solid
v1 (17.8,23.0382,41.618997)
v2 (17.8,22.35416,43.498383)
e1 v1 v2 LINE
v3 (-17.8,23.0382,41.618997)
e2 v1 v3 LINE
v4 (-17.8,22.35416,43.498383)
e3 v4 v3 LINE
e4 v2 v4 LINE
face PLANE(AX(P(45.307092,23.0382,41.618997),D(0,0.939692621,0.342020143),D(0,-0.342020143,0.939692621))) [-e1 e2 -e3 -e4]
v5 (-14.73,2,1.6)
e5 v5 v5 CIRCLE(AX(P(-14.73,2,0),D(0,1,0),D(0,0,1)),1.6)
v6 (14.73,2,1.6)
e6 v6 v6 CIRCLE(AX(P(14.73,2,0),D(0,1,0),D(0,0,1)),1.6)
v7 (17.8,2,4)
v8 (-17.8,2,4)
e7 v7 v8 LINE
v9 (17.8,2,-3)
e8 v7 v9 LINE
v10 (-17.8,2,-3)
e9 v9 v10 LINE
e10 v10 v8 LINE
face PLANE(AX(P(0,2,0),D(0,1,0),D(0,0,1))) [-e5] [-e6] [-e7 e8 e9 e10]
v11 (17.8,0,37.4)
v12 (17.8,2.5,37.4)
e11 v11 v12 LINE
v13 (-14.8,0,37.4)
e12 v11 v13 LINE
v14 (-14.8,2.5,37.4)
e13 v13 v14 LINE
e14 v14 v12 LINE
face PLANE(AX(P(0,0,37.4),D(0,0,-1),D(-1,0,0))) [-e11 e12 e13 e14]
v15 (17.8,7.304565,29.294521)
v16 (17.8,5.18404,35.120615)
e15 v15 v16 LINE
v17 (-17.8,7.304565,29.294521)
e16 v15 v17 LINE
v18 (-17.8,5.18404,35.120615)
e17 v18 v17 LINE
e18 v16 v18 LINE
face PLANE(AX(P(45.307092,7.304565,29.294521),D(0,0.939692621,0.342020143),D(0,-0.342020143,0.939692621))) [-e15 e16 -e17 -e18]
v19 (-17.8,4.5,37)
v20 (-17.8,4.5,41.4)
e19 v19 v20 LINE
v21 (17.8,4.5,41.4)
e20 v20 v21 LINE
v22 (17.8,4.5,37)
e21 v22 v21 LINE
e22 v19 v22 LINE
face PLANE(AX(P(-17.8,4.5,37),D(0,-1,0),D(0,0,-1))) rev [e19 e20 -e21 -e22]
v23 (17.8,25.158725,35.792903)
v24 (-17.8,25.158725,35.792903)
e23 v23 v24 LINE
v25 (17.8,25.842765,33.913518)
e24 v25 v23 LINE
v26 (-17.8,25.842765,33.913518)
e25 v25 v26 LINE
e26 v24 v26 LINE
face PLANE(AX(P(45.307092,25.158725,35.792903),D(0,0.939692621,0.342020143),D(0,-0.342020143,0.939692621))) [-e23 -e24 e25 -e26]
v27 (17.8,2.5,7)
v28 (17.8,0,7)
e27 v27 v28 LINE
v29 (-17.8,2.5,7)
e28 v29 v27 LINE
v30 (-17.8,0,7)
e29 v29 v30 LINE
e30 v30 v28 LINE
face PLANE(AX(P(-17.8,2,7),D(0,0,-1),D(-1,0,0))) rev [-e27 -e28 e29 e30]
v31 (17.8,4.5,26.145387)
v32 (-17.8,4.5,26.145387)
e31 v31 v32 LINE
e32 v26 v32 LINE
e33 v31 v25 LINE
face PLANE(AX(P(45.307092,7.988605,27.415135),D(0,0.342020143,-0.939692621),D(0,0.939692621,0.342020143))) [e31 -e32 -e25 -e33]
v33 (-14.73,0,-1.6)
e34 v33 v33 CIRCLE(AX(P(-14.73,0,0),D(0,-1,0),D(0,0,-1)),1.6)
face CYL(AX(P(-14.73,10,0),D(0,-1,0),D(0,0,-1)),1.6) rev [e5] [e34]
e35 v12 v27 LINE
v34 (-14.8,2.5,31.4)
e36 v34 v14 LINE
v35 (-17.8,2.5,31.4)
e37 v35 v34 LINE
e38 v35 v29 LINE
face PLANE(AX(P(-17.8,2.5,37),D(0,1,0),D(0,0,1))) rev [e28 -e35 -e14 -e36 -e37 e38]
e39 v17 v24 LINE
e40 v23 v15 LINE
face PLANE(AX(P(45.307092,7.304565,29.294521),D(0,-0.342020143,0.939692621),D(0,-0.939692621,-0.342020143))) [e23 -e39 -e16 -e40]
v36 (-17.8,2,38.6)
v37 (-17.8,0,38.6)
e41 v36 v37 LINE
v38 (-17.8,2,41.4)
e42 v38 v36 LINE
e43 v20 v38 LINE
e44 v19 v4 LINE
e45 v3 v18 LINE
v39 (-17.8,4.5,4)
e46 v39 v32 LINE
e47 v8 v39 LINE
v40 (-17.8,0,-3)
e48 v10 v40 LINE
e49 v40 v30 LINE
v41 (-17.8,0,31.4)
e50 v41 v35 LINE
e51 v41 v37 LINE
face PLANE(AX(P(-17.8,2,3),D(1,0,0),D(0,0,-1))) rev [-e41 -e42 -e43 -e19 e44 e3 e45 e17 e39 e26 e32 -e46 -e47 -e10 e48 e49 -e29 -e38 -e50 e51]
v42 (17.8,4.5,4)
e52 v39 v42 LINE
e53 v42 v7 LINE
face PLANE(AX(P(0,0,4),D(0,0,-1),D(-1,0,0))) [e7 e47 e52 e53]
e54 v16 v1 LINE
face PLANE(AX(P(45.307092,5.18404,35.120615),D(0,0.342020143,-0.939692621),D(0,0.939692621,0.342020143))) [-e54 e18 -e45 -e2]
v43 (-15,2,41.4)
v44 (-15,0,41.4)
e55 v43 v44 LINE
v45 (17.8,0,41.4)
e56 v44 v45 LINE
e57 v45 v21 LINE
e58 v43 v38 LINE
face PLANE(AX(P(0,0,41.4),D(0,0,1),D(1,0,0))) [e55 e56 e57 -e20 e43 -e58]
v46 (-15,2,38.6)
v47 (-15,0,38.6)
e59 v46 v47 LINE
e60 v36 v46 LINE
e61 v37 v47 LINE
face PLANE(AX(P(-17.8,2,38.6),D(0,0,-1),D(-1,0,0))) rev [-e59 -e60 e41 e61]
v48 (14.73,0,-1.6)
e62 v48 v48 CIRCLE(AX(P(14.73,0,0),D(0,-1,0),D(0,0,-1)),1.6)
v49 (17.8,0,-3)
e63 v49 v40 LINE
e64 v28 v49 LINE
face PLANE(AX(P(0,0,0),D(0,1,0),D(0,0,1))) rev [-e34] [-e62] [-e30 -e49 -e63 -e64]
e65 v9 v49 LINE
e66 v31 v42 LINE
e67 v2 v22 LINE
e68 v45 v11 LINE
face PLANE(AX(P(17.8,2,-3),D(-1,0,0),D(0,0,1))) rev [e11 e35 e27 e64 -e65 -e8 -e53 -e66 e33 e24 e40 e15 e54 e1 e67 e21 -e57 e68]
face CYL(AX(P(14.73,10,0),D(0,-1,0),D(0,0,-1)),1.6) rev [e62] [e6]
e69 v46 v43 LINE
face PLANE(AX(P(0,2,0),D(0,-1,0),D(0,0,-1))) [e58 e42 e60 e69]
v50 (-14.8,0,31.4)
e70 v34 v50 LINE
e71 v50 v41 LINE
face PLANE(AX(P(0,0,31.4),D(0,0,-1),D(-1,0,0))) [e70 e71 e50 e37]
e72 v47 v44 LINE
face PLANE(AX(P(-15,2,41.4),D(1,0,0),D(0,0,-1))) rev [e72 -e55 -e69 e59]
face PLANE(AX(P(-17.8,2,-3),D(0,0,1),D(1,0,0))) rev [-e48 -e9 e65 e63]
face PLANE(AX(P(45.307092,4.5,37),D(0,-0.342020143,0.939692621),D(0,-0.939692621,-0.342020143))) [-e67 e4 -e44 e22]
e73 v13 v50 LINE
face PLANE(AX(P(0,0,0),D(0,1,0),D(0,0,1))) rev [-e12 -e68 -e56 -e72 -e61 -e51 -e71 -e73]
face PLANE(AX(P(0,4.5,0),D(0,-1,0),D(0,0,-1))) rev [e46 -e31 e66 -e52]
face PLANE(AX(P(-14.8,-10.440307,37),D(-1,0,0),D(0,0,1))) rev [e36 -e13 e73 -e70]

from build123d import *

# Parameters (mm, degrees)
SKETCH1_R           = 1.4
BOSS_EXTRUDE1_DEPTH = 2
SKETCH2_W           = 35.6
SKETCH2_H           = 4
BOSS_EXTRUDE2_DEPTH = 2.5
SKETCH3_W           = 35.6
SKETCH3_H           = 2
BOSS_EXTRUDE3_DEPTH = 30
SKETCH4_W           = 3
SKETCH4_H           = 10
BOSS_EXTRUDE4_DEPTH = 2.5
SKETCH5_W           = 35.6
SKETCH5_H           = 2
BOSS_EXTRUDE5_DEPTH = 20
SKETCH6_W           = 29.6
SKETCH6_H           = 4
BOSS_EXTRUDE6_DEPTH = 2.5
SKETCH7_W           = 35.6
SKETCH7_H           = 24.5
BOSS_EXTRUDE7_DEPTH = 4.4
SKETCH8_W           = 29.6
SKETCH8_H           = 2.5
CUT_EXTRUDE1_DEPTH  = 4.4
SKETCH9_W           = 3
SKETCH9_H           = 2.5
CUT_EXTRUDE2_DEPTH  = 4.4
SKETCH10_W          = 35.6
SKETCH10_H          = 20
CUT_EXTRUDE3_DEPTH  = 4.4
SKETCH11_R          = 1.6
CUT_EXTRUDE4_DEPTH  = 10
SKETCH12_W          = 35.6
SKETCH12_H          = 2.5
CUT_EXTRUDE5_DEPTH  = 1
SKETCH13_W          = 35.6
SKETCH13_H          = 10.25
CUT_EXTRUDE6_DEPTH  = 1
SKETCH14_W          = 35.6
SKETCH14_H          = 19
BOSS_EXTRUDE8_DEPTH = 0.05
BOSS_EXTRUDE9_DEPTH = 35.6
SKETCH16_W          = 35.6
SKETCH16_H          = 16.293178749
CUT_EXTRUDE7_DEPTH  = 29
CUT_EXTRUDE8_DEPTH  = 6.2
SKETCH19_W          = 6
SKETCH19_H          = 2.5
CUT_EXTRUDE9_DEPTH  = 29
SKETCH20_W          = 2.8
SKETCH20_H          = 2.8
CUT_EXTRUDE10_DEPTH = 2


with BuildPart() as part:
    # Sketch1 → Boss-Extrude1 (new body)
    with BuildSketch(Plane(origin=(0, 0, 0), x_dir=(1, 0, 0), z_dir=(0, 1, 0))):
        Polygon((-17.8, 3), (17.8, 3), (17.8, -3), (17.8, -7), (-17.8, -7), (-17.8, -3), align=None)
        with Locations(Location((-14.73, 0, 0), (0, 0, 270))):
            Circle(SKETCH1_R, mode=Mode.SUBTRACT)
        with Locations(Location((14.73, 0, 0), (0, 0, 270))):
            Circle(SKETCH1_R, mode=Mode.SUBTRACT)
    extrude(amount=BOSS_EXTRUDE1_DEPTH)

    # Sketch2 → Boss-Extrude2 (add)
    with BuildSketch(Plane(origin=(0, 2, 0), x_dir=(1, 0, 0), z_dir=(0, 1, 0))):
        with Locations((0, -5)):
            Rectangle(SKETCH2_W, SKETCH2_H)
    extrude(amount=BOSS_EXTRUDE2_DEPTH)

    # Sketch3 → Boss-Extrude3 (add)
    with BuildSketch(Plane.XY.offset(7)):
        with Locations((0, 3.5)):
            Rectangle(SKETCH3_W, SKETCH3_H)
    extrude(amount=BOSS_EXTRUDE3_DEPTH)

    # Sketch4 → Boss-Extrude4 (add)
    with BuildSketch(Plane.XZ.offset(-2.5)):
        with Locations((-16.3, 32)):
            Rectangle(SKETCH4_W, SKETCH4_H)
        with Locations((16.3, 32)):
            Rectangle(SKETCH4_W, SKETCH4_H)
    extrude(amount=BOSS_EXTRUDE4_DEPTH)

    # Sketch5 → Boss-Extrude5 (add)
    with BuildSketch(Plane(origin=(0, 4.5, 0), x_dir=(1, 0, 0), z_dir=(0, 1, 0))):
        with Locations((0, -36)):
            Rectangle(SKETCH5_W, SKETCH5_H)
        with Locations((0, -27.75)):
            Rectangle(SKETCH5_W, SKETCH5_H)
    extrude(amount=BOSS_EXTRUDE5_DEPTH)

    # Sketch6 → Boss-Extrude6 (add)
    with BuildSketch(Plane.XZ.offset(-2.5)):
        with Locations((0, 35)):
            Rectangle(SKETCH6_W, SKETCH6_H)
    extrude(amount=BOSS_EXTRUDE6_DEPTH)

    # Sketch7 → Boss-Extrude7 (add)
    with BuildSketch(Plane.XY.offset(37)):
        with Locations((0, 12.25)):
            Rectangle(SKETCH7_W, SKETCH7_H)
    extrude(amount=BOSS_EXTRUDE7_DEPTH)

    # Sketch8 → Cut-Extrude1 (cut)
    with BuildSketch(Plane(origin=(0, 0, 33), x_dir=(-1, 0, 0), z_dir=(0, 0, -1))):
        with Locations((0, 1.25)):
            Rectangle(SKETCH8_W, SKETCH8_H)
    extrude(amount=-CUT_EXTRUDE1_DEPTH, mode=Mode.SUBTRACT)

    # Sketch9 → Cut-Extrude2 (cut)
    with BuildSketch(Plane(origin=(0, 0, 27), x_dir=(-1, 0, 0), z_dir=(0, 0, -1))):
        with Locations((-16.3, 1.25)):
            Rectangle(SKETCH9_W, SKETCH9_H)
        with Locations((16.3, 1.25)):
            Rectangle(SKETCH9_W, SKETCH9_H)
    extrude(amount=-CUT_EXTRUDE2_DEPTH, mode=Mode.SUBTRACT)

    # Sketch10 → Cut-Extrude3 (cut)
    with BuildSketch(Plane.XY.offset(41.4)):
        with Locations((0, 14.5)):
            Rectangle(SKETCH10_W, SKETCH10_H)
    extrude(amount=-CUT_EXTRUDE3_DEPTH, mode=Mode.SUBTRACT)

    # Sketch11 → Cut-Extrude4 (cut)
    with BuildSketch(Plane.XZ):
        with Locations(Location((-14.73, 0, 0), (0, 0, 270))):
            Circle(SKETCH11_R)
        with Locations(Location((14.73, 0, 0), (0, 0, 270))):
            Circle(SKETCH11_R)
    extrude(amount=-CUT_EXTRUDE4_DEPTH, mode=Mode.SUBTRACT)

    # Sketch12 → Cut-Extrude5 (cut)
    with BuildSketch(Plane(origin=(0, 0, 3), x_dir=(-1, 0, 0), z_dir=(0, 0, -1))):
        with Locations((0, 3.25)):
            Rectangle(SKETCH12_W, SKETCH12_H)
    extrude(amount=-CUT_EXTRUDE5_DEPTH, mode=Mode.SUBTRACT)

    # Sketch13 → Cut-Extrude6 (cut)
    with BuildSketch(Plane(origin=(0, 24.5, 0), x_dir=(1, 0, 0), z_dir=(0, 1, 0))):
        with Locations((0, -31.875)):
            Rectangle(SKETCH13_W, SKETCH13_H)
    extrude(amount=-CUT_EXTRUDE6_DEPTH, mode=Mode.SUBTRACT)

    # Sketch14 → Boss-Extrude8 (add)
    with BuildSketch(Plane.XY.offset(28.75)):
        with Locations((0, 14)):
            Rectangle(SKETCH14_W, SKETCH14_H)
    extrude(amount=BOSS_EXTRUDE8_DEPTH)

    # Sketch15 → Boss-Extrude9 (add)
    with BuildSketch(Plane.ZY.offset(17.8)):
        Polygon((35.120614758, 5.184040287), (41.618997482, 23.038200082), (43.498382723, 22.354159795), (37, 4.5), (34.871644455, 4.5), (26.145386721, 4.5), (27.415135268, 7.988605462), (33.913517991, 25.842765257), (35.792903233, 25.15872497), (29.29452051, 7.304565175), align=None)
    extrude(amount=-BOSS_EXTRUDE9_DEPTH)

    # Sketch16 → Cut-Extrude7 (cut)
    with BuildSketch(Plane(origin=(0, -7.876565314, 21.640685344), x_dir=(-1, 0, 0), z_dir=(0, 0.34202014332566366, -0.9396926207859103))):
        with Locations((0, 23.085226048)):
            Rectangle(SKETCH16_W, SKETCH16_H)
    extrude(amount=CUT_EXTRUDE7_DEPTH, mode=Mode.SUBTRACT)


with BuildPart() as body_2:
    # of the pieces the cut leaves, the one that is kept (cut_extrude7_keep)
    add(part.part.solids().sort_by_distance((-17.8, 0, -3))[0])

    # Sketch17 → Cut-Extrude8 (cut)
    with BuildSketch(Plane(origin=(0, -8.560605601, 23.520070585), x_dir=(1, 0, 0), z_dir=(0, -0.34202014332566366, 0.9396926207859103))):
        Polygon((-17.8, 33.565068136), (-17.8, 35.883362097), (17.8, 35.883362097), (17.8, 33.565068136), (17.8, 16.883362097), (-17.8, 16.883362097), align=None)
    extrude(amount=CUT_EXTRUDE8_DEPTH, mode=Mode.SUBTRACT)

    # Sketch19 → Cut-Extrude9 (cut)
    with BuildSketch(Plane.ZY.offset(-14.8)):
        with Locations((34.4, 1.25)):
            Rectangle(SKETCH19_W, SKETCH19_H)
    extrude(amount=-CUT_EXTRUDE9_DEPTH, mode=Mode.SUBTRACT)

    # Sketch20 → Cut-Extrude10 (cut)
    with BuildSketch(Plane.XZ):
        with Locations((-16.4, 40)):
            Rectangle(SKETCH20_W, SKETCH20_H)
    extrude(amount=-CUT_EXTRUDE10_DEPTH, mode=Mode.SUBTRACT)


solid = body_2.part
